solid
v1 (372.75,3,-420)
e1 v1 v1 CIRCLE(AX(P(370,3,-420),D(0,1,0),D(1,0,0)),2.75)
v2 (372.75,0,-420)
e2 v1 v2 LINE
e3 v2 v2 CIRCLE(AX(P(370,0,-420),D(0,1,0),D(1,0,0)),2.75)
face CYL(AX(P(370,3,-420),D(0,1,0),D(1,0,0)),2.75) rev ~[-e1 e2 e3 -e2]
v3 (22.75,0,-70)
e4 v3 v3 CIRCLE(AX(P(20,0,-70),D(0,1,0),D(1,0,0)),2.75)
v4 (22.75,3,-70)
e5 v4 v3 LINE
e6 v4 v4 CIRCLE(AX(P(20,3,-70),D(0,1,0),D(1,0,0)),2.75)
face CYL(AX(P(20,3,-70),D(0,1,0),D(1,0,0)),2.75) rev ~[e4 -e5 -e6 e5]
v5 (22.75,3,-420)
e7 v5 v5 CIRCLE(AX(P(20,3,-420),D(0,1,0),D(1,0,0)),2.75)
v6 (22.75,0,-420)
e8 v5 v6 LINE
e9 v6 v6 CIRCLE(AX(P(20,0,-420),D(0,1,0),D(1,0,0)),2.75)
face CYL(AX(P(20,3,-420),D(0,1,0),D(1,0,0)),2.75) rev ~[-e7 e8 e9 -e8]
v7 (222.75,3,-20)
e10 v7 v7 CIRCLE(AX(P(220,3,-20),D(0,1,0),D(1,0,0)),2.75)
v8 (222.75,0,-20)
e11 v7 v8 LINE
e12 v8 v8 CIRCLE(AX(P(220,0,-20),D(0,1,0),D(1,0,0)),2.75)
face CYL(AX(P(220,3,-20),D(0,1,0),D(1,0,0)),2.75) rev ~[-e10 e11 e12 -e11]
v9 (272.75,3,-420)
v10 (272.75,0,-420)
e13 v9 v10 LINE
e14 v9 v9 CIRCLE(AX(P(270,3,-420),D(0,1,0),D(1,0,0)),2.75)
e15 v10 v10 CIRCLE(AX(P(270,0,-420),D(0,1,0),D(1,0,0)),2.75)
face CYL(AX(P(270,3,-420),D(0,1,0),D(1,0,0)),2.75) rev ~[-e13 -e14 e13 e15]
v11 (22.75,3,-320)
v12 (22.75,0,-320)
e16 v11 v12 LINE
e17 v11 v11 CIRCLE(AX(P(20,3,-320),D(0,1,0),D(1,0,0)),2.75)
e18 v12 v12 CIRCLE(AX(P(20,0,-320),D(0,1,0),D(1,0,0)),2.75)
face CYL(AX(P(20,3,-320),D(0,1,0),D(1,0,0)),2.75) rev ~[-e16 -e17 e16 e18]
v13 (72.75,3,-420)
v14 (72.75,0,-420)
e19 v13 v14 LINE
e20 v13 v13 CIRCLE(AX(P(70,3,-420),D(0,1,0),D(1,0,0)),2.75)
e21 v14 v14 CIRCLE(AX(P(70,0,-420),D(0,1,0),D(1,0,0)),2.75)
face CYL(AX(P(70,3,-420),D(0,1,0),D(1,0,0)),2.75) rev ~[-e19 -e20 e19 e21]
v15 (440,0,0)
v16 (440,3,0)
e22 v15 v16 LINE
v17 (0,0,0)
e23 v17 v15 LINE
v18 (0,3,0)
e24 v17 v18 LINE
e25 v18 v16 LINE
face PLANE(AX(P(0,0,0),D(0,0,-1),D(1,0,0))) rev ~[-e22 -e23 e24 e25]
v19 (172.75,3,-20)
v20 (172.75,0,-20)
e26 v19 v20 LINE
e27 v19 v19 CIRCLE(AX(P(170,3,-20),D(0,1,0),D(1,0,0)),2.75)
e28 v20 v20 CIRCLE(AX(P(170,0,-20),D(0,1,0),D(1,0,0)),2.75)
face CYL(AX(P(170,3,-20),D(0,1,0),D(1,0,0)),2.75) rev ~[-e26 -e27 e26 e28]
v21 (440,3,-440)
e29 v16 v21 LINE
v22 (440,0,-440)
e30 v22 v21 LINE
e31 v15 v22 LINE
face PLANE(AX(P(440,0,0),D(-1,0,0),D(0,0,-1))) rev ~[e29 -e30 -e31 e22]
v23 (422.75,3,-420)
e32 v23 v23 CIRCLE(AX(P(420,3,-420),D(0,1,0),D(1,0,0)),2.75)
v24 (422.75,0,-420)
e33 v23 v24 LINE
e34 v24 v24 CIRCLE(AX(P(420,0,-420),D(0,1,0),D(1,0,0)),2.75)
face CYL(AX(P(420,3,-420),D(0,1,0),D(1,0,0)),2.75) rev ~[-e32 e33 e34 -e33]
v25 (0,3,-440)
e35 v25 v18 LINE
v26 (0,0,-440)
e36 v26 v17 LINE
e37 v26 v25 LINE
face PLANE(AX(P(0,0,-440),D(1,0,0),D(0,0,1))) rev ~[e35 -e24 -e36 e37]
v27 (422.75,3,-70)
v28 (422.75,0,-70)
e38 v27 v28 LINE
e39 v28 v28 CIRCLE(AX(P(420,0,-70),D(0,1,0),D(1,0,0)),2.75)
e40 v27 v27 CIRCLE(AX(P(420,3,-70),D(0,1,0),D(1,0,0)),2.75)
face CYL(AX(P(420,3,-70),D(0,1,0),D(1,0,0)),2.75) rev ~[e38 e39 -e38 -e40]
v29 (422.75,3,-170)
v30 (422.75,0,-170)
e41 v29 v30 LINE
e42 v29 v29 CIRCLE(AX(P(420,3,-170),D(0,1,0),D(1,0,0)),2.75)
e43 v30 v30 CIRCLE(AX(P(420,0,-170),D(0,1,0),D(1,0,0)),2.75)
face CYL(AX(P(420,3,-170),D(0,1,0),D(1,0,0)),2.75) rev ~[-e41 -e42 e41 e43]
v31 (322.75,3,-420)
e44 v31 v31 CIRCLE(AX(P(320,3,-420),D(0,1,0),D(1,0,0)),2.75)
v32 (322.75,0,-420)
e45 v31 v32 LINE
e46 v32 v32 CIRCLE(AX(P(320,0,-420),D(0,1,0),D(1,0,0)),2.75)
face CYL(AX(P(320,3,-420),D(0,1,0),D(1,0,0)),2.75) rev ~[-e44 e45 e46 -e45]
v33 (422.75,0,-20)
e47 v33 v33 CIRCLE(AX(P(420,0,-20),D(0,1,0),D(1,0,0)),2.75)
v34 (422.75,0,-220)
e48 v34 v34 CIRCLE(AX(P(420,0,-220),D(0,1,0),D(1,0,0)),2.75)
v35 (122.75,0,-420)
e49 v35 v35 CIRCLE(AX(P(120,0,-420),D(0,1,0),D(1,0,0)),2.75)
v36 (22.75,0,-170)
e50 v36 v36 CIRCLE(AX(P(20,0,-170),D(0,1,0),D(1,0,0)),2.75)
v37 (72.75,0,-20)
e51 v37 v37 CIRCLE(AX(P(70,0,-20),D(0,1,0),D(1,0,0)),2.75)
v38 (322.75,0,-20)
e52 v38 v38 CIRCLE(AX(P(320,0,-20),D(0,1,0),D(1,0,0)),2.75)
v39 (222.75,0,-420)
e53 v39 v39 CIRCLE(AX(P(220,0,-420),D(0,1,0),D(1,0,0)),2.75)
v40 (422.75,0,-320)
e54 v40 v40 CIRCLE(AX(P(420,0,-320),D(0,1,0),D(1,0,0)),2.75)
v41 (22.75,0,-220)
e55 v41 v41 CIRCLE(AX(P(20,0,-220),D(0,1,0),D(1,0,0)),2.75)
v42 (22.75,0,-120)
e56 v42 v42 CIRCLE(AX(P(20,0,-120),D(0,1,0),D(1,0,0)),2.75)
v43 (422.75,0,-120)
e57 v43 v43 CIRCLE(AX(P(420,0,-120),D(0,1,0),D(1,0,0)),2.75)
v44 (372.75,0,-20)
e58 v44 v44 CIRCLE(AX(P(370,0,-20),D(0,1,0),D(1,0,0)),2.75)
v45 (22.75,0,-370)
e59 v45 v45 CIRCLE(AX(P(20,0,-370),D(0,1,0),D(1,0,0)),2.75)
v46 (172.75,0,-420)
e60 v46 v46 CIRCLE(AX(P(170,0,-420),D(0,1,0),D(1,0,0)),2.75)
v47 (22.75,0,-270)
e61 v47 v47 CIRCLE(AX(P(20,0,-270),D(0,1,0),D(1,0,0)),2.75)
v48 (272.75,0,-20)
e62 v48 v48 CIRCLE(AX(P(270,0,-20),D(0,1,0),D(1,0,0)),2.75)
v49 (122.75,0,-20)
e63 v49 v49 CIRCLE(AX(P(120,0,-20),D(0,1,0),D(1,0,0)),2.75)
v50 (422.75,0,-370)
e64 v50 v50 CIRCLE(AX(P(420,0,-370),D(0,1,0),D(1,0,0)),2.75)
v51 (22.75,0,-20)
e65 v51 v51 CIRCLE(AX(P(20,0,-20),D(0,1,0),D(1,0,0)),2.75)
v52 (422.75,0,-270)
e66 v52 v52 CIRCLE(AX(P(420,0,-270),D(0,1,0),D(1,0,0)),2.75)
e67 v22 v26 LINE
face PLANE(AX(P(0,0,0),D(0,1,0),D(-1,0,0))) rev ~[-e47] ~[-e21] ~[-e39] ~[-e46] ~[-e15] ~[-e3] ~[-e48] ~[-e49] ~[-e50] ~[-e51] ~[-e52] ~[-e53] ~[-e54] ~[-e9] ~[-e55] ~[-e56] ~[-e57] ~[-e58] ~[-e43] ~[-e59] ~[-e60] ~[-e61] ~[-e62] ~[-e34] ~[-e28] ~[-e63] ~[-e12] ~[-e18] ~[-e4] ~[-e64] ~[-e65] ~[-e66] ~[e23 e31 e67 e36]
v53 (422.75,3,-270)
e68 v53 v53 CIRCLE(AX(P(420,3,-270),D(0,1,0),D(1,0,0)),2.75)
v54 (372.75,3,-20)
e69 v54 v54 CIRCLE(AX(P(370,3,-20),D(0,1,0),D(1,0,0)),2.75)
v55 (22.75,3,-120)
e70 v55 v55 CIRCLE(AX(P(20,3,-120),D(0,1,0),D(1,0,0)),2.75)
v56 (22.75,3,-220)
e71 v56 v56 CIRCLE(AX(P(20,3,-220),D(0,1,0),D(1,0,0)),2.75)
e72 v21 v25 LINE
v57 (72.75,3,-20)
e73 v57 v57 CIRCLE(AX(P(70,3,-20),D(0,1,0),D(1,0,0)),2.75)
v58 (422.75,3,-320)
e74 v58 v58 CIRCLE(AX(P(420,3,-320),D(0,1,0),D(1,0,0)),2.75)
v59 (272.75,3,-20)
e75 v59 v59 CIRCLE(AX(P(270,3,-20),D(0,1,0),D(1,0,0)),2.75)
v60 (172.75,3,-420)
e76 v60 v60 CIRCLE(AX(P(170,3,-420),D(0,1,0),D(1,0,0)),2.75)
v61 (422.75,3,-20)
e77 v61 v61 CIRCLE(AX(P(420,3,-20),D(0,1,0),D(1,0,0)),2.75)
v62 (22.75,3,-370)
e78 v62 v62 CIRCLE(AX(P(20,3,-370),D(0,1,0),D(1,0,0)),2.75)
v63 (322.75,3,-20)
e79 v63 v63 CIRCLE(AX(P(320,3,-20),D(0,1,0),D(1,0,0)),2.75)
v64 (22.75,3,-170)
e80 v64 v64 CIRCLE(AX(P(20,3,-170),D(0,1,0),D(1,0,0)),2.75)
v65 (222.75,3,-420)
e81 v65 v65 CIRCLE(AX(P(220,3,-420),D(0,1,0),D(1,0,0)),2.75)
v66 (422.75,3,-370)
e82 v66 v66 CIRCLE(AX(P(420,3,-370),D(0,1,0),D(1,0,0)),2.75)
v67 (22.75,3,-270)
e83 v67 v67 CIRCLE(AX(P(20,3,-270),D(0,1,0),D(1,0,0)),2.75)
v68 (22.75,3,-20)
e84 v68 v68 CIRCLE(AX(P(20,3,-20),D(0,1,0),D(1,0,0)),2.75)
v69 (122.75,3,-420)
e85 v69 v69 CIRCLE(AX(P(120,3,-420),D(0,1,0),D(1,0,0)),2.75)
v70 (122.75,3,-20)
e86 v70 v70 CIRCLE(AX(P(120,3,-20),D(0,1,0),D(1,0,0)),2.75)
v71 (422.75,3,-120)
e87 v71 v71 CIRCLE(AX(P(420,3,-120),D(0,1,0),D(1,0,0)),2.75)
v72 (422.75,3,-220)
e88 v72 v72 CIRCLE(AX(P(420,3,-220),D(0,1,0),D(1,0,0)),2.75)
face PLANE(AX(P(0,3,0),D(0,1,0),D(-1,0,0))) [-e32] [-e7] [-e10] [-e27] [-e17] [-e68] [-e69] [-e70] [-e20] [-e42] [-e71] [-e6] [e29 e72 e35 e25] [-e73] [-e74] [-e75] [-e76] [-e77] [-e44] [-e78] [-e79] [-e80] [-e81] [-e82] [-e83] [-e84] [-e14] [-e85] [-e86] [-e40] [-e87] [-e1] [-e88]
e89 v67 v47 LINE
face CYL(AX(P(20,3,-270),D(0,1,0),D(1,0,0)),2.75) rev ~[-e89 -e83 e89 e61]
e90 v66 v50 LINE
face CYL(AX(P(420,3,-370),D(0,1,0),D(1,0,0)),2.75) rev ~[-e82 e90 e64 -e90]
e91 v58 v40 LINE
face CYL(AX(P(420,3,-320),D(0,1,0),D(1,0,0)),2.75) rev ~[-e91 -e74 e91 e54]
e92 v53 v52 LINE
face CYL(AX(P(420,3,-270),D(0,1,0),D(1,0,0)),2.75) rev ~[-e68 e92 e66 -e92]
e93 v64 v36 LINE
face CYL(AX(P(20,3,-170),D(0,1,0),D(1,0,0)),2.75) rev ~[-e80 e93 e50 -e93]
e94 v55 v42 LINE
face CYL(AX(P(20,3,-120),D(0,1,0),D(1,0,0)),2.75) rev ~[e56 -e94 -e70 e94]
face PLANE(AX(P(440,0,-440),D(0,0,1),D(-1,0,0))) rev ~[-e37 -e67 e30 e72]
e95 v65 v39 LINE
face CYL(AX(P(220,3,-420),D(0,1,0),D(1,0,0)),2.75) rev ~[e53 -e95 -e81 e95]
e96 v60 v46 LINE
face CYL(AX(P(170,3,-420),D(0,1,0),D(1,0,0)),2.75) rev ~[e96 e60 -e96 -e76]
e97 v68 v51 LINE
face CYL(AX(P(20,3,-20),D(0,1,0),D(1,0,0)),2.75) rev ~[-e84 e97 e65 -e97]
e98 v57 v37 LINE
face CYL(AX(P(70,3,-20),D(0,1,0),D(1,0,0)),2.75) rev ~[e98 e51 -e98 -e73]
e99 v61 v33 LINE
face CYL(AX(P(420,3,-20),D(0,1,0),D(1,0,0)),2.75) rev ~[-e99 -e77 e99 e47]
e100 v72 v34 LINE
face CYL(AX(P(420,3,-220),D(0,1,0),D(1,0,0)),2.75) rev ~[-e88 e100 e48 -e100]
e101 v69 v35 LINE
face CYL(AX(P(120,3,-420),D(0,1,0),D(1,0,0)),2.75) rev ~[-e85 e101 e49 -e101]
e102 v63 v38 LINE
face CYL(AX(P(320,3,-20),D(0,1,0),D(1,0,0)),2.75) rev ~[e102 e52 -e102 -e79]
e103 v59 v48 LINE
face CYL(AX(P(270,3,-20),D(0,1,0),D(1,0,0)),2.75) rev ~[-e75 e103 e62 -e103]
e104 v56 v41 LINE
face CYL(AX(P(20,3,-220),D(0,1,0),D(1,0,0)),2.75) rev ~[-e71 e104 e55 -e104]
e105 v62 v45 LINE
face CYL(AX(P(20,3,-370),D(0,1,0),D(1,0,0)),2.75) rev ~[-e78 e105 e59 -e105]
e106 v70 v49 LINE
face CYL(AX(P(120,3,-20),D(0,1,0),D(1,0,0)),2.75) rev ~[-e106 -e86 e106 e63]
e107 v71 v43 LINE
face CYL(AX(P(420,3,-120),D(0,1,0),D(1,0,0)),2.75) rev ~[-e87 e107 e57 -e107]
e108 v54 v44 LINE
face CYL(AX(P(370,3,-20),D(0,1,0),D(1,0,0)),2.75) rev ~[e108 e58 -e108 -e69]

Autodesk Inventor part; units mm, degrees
ref_plane "YZ Plane" through (0, 0, 0) normal (1, 0, 0) x (0, 1, 0)
ref_plane "XZ Plane" through (0, 0, 0) normal (0, 1, 0) x (-1, 0, 0)
ref_plane "XY Plane" through (0, 0, 0) normal (0, 0, 1) x (1, 0, 0)
sketch "Sketch1" plane through (0, 0, 0) normal (0, 1, 0) x (-1, 0, 0)
  line L0 (0, 0) -> (-440, 0)
  line L1 (-440, 0) -> (-440, -440)
  line L2 (-440, -440) -> (0, -440)
  line L3 (0, -440) -> (0, 0)
  dimension "d0" = 440
  dimension "d1" = 440
extrude "panel body" add sketch "Sketch1" along normal blind 3
sketch "Sketch2" plane through (0, 3, 0) normal (0, 1, 0) x (1, 0, 0)
  line L0 (20, 20) -> (420, 20) construction
  line L1 (420, 20) -> (420, 420) construction
  line L2 (420, 420) -> (20, 420) construction
  line L3 (20, 420) -> (20, 20) construction
  line L4 (20, 20) -> (420, 420) construction
  line L5 (420, 20) -> (20, 420) construction
  line L6 (440, 440) -> (0, 440) projected
  line L7 (220, 440) -> (220, 3.9535) construction
  line L8 (0, 440) -> (0, 0) projected
  line L9 (0, 220) -> (440, 220) construction
  line L10 (440, 0) -> (440, 440) projected
  circle A0 centre (20, 420) radius 2.75
  circle A1 centre (70, 420) radius 2.75
  circle A2 centre (120, 420) radius 2.75
  circle A3 centre (170, 420) radius 2.75
  circle A4 centre (220, 420) radius 2.75
  circle A5 centre (270, 420) radius 2.75
  circle A6 centre (320, 420) radius 2.75
  circle A7 centre (370, 420) radius 2.75
  circle A8 centre (420, 420) radius 2.75
  circle A9 centre (420, 370) radius 2.75
  circle A10 centre (420, 320) radius 2.75
  circle A11 centre (420, 270) radius 2.75
  circle A12 centre (420, 220) radius 2.75
  circle A13 centre (420, 170) radius 2.75
  circle A14 centre (420, 120) radius 2.75
  circle A15 centre (420, 70) radius 2.75
  circle A16 centre (420, 20) radius 2.75
  circle A17 centre (370, 20) radius 2.75
  circle A18 centre (320, 20) radius 2.75
  circle A19 centre (270, 20) radius 2.75
  circle A20 centre (220, 20) radius 2.75
  circle A21 centre (170, 20) radius 2.75
  circle A22 centre (120, 20) radius 2.75
  circle A23 centre (70, 20) radius 2.75
  circle A24 centre (20, 20) radius 2.75
  circle A25 centre (20, 70) radius 2.75
  circle A26 centre (20, 120) radius 2.75
  circle A27 centre (20, 170) radius 2.75
  circle A28 centre (20, 220) radius 2.75
  circle A29 centre (20, 270) radius 2.75
  circle A30 centre (20, 320) radius 2.75
  circle A31 centre (20, 370) radius 2.75
  point P0 (220, 220)
  dimension "d161" = 400
  dimension "d162" = 400
  dimension "d163" = 5.5
  dimension "d210" = 50
  dimension "d217" = 50
  dimension "d224" = 50
  dimension "d231" = 50
extrude "Extrusion4" cut sketch "Sketch2" against normal up to next
properties part number "H3NE-SB"
